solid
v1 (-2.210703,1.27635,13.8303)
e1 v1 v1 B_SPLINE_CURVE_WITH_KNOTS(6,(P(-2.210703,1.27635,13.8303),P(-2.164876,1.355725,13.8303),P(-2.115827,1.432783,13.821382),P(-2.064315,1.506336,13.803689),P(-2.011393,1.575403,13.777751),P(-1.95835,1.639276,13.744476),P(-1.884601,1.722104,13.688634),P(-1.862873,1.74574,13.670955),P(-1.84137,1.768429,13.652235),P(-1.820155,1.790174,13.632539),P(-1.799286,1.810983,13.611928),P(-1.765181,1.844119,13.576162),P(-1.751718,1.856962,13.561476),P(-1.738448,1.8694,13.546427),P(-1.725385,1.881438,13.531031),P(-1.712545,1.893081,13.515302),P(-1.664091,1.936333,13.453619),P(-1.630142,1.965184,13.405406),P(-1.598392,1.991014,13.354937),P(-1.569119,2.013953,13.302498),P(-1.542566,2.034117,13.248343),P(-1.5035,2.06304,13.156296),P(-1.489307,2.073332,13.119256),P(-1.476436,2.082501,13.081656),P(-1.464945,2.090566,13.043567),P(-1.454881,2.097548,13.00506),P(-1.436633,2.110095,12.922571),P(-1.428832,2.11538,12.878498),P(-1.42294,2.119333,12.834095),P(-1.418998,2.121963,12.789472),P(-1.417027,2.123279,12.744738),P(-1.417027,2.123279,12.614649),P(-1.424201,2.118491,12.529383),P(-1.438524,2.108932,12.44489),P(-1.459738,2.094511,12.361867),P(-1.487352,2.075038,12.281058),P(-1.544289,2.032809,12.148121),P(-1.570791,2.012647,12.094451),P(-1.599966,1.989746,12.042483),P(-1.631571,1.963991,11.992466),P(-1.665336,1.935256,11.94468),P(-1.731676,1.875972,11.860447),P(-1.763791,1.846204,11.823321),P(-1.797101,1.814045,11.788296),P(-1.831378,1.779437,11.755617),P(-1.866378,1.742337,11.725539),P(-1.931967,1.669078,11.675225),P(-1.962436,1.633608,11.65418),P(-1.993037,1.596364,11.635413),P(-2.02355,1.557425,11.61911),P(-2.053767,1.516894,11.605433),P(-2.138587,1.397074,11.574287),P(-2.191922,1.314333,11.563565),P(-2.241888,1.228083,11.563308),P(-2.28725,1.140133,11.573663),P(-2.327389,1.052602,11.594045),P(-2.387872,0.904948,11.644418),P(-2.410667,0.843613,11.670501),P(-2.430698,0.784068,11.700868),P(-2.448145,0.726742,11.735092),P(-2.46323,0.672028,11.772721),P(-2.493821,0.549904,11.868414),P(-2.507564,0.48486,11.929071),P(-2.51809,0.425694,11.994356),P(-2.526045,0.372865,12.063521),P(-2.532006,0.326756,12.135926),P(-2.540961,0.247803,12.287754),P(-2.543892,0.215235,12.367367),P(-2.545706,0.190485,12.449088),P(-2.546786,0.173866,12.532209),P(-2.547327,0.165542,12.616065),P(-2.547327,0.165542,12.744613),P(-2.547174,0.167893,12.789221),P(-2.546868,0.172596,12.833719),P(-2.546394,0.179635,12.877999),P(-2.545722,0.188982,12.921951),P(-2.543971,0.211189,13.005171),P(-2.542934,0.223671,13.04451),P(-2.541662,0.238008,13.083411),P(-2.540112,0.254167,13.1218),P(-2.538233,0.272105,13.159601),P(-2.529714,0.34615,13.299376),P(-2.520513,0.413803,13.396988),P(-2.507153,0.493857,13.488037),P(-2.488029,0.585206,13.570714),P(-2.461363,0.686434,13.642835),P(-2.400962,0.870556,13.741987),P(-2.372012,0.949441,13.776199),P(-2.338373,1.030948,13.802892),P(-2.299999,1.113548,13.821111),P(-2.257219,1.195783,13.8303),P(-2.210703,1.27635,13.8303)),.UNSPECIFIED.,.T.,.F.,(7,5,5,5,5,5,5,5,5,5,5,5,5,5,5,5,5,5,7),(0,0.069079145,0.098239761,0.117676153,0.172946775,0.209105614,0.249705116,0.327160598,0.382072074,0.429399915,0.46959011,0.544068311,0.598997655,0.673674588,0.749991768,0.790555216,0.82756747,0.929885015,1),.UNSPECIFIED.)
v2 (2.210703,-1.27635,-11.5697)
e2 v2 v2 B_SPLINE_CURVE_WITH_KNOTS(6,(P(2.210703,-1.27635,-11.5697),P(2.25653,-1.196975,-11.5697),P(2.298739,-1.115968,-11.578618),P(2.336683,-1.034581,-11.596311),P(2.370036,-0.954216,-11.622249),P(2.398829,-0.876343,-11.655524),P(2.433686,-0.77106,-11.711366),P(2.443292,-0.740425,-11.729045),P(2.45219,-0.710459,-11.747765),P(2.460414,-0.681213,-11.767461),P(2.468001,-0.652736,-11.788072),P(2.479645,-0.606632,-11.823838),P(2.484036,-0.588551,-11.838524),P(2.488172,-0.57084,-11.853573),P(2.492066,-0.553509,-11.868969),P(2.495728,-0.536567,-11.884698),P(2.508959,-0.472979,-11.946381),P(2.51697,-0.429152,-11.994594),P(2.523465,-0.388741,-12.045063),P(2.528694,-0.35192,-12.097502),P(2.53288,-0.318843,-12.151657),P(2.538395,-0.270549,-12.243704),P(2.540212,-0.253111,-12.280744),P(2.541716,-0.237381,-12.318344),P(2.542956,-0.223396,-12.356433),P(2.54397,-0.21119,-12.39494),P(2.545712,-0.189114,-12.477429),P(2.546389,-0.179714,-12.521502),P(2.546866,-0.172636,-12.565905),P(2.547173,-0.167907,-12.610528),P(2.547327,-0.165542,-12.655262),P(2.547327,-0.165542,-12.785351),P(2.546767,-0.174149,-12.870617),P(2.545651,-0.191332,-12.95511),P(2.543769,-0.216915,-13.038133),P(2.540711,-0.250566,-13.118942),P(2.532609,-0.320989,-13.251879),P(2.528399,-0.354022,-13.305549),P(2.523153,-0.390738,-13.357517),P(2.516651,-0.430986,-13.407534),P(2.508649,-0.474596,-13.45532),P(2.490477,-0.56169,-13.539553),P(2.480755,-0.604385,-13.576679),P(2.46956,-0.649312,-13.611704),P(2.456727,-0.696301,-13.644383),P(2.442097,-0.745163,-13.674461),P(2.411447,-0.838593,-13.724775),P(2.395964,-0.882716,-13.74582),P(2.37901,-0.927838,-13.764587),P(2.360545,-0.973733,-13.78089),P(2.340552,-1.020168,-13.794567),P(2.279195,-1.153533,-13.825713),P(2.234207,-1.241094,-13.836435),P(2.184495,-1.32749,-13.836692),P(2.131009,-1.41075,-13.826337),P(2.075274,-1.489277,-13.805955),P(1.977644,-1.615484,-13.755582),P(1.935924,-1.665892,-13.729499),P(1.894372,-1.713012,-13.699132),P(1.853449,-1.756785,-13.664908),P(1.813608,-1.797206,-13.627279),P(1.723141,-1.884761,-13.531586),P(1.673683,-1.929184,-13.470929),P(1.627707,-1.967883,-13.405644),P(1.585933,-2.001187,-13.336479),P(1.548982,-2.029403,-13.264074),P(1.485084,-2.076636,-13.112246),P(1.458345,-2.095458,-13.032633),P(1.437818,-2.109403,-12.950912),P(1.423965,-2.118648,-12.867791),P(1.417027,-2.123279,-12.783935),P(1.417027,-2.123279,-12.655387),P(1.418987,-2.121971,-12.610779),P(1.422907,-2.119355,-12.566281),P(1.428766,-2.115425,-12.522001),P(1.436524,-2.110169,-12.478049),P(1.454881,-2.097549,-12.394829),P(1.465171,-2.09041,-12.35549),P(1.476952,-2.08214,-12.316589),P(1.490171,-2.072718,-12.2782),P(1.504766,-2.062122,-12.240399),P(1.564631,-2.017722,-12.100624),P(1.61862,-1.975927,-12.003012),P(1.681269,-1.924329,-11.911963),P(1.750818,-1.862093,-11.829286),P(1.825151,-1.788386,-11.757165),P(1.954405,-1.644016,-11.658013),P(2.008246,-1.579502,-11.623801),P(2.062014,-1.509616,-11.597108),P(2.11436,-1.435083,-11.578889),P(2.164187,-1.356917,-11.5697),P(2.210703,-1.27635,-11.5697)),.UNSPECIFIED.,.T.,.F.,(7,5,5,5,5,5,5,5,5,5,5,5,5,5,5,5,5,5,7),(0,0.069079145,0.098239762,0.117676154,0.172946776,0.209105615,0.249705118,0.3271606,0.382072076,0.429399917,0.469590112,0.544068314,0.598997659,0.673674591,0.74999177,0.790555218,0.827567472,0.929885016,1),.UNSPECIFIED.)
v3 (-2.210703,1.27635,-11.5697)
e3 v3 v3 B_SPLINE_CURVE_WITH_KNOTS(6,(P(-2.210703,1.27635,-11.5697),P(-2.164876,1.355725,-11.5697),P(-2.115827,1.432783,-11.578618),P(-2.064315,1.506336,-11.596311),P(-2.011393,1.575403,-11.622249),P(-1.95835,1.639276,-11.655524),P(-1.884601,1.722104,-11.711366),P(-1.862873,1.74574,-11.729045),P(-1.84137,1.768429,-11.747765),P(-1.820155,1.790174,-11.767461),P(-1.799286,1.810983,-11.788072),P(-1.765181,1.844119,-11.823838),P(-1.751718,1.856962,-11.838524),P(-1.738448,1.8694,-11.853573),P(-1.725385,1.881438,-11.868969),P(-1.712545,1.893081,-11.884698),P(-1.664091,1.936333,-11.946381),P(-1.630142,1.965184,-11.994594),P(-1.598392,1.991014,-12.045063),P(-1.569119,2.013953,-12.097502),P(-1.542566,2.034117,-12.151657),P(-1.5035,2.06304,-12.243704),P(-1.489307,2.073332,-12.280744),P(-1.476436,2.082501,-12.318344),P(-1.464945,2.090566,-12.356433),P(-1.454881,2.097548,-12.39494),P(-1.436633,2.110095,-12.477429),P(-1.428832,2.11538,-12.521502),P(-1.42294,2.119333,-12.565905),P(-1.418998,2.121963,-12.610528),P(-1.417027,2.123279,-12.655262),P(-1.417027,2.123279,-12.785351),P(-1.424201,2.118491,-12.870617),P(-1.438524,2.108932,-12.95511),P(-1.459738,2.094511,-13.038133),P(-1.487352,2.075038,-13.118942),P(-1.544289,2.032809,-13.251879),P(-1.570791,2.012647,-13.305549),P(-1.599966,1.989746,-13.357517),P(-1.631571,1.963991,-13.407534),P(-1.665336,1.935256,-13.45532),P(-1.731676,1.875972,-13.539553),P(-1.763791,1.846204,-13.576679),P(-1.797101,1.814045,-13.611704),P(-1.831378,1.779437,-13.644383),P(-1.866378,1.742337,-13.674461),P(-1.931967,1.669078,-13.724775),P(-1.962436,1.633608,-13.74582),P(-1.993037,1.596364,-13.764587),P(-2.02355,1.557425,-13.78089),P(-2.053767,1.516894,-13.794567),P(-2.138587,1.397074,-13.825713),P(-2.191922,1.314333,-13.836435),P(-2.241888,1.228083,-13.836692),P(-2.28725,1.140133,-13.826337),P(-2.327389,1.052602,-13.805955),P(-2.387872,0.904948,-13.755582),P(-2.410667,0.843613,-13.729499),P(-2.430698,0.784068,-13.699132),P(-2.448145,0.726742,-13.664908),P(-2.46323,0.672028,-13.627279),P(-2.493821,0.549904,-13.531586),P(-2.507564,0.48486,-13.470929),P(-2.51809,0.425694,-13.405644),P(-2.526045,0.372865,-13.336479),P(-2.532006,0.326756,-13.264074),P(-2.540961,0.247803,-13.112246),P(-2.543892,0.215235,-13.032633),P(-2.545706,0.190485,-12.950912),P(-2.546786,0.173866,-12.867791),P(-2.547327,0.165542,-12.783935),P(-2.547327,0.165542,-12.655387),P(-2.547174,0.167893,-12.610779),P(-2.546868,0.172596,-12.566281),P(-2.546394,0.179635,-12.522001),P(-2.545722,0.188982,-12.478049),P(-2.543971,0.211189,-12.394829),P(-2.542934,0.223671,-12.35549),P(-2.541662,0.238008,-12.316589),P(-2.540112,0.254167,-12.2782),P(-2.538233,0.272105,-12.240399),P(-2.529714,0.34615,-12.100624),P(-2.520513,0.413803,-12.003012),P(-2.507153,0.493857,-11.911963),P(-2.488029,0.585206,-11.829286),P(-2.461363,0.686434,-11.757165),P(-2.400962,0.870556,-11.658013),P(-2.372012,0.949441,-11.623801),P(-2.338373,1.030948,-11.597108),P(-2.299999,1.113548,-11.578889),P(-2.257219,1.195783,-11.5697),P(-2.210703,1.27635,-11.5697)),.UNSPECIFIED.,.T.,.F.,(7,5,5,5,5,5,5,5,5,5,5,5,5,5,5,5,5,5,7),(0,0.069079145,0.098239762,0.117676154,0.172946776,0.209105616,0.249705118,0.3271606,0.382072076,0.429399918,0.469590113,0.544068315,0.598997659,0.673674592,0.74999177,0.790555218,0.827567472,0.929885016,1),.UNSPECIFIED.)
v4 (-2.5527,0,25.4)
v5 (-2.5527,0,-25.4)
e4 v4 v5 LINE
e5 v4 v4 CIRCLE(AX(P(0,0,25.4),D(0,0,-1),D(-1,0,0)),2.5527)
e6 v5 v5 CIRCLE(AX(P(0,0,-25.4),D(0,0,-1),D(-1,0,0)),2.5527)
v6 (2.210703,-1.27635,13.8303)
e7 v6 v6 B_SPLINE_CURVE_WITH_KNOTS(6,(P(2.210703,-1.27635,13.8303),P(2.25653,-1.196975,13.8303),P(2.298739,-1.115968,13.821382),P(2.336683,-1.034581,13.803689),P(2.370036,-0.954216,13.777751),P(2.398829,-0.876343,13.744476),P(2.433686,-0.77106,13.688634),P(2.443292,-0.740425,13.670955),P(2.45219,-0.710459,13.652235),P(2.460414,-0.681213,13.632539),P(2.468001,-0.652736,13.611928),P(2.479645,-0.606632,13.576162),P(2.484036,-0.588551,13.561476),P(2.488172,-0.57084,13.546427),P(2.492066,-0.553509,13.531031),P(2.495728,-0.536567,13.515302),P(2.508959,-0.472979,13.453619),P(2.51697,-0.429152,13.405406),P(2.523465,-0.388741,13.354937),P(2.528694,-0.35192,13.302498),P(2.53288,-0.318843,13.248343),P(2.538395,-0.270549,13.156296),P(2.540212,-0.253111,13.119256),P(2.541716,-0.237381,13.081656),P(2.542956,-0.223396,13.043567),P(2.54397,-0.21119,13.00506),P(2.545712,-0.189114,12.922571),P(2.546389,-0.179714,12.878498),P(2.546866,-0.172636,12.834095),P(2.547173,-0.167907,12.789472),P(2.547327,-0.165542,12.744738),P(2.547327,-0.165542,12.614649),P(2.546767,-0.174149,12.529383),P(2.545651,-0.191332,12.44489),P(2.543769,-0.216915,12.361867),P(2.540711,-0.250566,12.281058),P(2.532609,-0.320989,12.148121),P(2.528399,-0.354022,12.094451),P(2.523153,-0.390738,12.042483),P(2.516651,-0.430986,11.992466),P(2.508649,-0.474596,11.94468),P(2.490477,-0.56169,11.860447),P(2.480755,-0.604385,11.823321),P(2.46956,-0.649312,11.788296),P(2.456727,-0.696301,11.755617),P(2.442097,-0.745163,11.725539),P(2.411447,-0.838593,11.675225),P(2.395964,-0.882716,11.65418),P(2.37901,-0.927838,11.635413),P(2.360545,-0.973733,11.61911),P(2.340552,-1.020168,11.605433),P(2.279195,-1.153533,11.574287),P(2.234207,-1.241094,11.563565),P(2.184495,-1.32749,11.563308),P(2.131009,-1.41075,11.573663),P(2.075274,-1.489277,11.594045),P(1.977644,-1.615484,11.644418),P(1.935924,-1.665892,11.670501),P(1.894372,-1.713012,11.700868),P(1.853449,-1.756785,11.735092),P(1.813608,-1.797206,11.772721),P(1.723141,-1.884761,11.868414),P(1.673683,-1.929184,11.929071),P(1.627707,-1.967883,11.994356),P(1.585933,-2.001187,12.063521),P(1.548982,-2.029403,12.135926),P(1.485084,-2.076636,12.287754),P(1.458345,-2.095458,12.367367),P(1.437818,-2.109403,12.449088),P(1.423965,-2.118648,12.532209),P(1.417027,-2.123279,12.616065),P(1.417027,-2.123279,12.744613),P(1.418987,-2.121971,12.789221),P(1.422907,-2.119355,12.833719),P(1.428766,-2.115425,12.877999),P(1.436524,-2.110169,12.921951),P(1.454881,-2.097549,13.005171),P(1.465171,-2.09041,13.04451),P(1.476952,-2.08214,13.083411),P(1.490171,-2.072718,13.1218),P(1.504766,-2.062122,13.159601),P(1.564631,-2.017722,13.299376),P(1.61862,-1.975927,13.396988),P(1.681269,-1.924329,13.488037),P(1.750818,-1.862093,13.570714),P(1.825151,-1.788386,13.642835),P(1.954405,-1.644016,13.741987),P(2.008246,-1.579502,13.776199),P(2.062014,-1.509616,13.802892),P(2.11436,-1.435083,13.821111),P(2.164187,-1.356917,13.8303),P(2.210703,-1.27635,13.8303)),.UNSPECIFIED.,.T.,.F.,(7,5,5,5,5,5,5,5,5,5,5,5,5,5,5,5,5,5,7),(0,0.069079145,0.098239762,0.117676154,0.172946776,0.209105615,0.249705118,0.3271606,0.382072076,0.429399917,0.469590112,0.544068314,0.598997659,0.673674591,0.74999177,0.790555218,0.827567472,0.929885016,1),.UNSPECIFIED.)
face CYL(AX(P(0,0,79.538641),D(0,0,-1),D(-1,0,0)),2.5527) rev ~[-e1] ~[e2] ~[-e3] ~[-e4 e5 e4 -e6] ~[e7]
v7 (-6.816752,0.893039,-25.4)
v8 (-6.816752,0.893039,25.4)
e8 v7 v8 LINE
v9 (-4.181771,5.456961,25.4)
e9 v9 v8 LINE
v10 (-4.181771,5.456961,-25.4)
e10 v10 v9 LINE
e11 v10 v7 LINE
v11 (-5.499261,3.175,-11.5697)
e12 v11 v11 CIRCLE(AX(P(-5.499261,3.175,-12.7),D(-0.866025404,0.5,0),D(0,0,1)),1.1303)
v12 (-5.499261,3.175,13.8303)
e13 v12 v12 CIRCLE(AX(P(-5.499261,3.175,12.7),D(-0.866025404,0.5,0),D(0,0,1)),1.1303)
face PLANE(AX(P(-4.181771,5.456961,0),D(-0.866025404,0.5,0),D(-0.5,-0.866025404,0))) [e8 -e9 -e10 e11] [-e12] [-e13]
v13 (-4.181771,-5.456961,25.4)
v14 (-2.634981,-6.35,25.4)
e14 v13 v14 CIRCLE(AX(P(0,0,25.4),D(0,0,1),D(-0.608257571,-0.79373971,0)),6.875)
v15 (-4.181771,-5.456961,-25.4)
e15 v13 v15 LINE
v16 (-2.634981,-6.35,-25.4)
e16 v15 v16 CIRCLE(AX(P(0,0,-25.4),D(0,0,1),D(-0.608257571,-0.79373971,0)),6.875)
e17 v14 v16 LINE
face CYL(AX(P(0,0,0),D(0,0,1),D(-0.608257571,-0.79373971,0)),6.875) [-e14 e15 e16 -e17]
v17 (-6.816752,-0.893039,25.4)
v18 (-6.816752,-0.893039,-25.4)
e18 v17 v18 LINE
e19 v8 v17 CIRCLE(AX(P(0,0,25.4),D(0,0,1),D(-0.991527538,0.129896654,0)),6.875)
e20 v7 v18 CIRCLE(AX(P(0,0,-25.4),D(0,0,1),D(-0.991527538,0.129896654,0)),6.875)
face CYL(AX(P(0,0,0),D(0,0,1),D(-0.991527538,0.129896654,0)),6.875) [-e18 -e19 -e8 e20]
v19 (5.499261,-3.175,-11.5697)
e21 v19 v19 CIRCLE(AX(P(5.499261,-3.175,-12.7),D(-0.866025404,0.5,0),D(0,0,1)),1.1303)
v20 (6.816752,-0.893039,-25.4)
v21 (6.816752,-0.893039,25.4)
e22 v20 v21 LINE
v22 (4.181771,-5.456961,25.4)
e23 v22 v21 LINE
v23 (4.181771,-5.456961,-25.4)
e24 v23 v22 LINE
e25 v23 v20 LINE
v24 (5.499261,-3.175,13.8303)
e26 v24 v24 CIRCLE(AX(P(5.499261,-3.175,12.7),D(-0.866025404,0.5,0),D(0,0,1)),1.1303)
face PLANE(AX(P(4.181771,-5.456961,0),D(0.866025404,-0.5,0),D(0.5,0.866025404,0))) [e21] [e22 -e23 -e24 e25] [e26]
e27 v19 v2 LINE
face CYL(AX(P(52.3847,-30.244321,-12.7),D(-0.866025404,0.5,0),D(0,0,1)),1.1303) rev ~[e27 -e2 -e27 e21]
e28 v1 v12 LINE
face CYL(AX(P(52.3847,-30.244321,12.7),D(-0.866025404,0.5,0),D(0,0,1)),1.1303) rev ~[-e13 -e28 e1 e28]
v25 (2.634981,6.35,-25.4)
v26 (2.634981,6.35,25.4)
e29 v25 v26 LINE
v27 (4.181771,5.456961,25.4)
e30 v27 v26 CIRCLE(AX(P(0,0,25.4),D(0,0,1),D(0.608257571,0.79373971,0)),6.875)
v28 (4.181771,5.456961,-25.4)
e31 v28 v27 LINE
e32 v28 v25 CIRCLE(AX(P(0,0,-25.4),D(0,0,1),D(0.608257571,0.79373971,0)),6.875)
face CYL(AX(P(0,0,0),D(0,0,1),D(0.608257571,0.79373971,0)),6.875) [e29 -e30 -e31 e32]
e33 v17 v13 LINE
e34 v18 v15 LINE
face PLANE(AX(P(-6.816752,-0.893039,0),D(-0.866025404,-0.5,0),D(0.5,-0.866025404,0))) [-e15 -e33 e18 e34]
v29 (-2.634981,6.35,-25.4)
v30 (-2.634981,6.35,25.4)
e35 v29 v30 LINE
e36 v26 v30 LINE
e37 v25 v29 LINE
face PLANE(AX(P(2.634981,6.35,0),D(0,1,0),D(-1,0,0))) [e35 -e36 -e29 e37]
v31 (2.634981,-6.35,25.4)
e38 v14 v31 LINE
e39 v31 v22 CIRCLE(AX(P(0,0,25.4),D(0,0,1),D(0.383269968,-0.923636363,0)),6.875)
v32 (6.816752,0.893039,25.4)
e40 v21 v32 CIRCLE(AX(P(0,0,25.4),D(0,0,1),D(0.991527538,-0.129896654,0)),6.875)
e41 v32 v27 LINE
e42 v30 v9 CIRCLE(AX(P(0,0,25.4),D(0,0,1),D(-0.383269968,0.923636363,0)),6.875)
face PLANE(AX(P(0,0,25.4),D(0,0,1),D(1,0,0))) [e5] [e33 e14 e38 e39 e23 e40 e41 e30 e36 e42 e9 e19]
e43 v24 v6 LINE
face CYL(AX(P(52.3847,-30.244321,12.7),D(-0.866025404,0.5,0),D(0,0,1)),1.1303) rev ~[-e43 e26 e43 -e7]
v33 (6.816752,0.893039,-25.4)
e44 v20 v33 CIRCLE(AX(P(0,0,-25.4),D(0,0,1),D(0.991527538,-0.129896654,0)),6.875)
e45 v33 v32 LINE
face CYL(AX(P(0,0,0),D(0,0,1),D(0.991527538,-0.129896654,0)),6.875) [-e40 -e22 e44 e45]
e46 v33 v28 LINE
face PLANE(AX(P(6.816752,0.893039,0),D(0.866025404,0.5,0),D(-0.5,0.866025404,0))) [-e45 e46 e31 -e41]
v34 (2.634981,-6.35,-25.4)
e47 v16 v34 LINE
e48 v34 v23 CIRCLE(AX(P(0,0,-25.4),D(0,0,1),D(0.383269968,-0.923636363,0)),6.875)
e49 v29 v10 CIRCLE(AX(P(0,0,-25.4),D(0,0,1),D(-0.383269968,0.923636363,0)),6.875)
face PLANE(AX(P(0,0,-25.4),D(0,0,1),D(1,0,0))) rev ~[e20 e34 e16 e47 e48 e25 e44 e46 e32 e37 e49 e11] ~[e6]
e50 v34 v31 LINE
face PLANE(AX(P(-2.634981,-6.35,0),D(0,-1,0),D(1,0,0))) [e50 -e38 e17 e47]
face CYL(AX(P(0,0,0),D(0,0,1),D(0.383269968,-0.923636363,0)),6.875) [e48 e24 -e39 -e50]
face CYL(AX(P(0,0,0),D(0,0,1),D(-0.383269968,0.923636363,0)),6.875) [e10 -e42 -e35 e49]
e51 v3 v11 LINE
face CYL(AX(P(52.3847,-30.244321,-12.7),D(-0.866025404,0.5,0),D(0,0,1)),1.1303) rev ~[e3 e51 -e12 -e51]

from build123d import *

# Parameters (mm, degrees)
BOSS_EXTRUDE1_DEPTH     = 25.4
F_1_4_20_TAPPED_HOLE1_D = 5.1054
F_4_40_TAPPED_HOLE1_D   = 2.2606
F_4_40_TAPPED_HOLE2_D   = 2.2606


with BuildPart() as part:
    # Sketch1 → Boss-Extrude1 (new body, symmetric)
    with BuildSketch(Plane.XY):
        with BuildLine():
            Line((-2.634981025, -6.35), (2.634981025, -6.35))
            ThreePointArc((2.634981025, -6.35), (3.4375, -5.953924651), (4.181770802, -5.456960506))
            Line((4.181770802, -5.456960506), (6.816751826, -0.893039494))
            ThreePointArc((6.816751826, -0.893039494), (6.875, 0), (6.816751826, 0.893039494))
            Line((6.816751826, 0.893039494), (4.181770802, 5.456960506))
            ThreePointArc((4.181770802, 5.456960506), (3.4375, 5.953924651), (2.634981025, 6.35))
            Line((2.634981025, 6.35), (-2.634981025, 6.35))
            ThreePointArc((-2.634981025, 6.35), (-3.4375, 5.953924651), (-4.181770802, 5.456960506))
            Line((-4.181770802, 5.456960506), (-6.816751826, 0.893039494))
            ThreePointArc((-6.816751826, 0.893039494), (-6.875, 0), (-6.816751826, -0.893039494))
            Line((-6.816751826, -0.893039494), (-4.181770802, -5.456960506))
            ThreePointArc((-4.181770802, -5.456960506), (-3.4375, -5.953924651), (-2.634981025, -6.35))
        make_face()
    extrude(amount=BOSS_EXTRUDE1_DEPTH, both=True)

    # 1/4-20 Tapped Hole1 (through all)
    with Locations(Plane.XY.offset(25.4)):
        with Locations((0, 0)):
            Hole(F_1_4_20_TAPPED_HOLE1_D / 2)

    # #4-40 Tapped Hole1 (through all)
    with Locations(Plane(origin=(0.736761314, -11.423891971, -31.75), x_dir=(0, 0, -1), z_dir=(0.866025404, -0.5, 0))):
        with Locations((-44.45, 120.65), (-19.05, 120.65), (-19.05, 9.525), (-44.45, 9.525)):
            Hole(F_4_40_TAPPED_HOLE1_D / 2)

    # #4-40 Tapped Hole2 (through all)
    with Locations(Plane(origin=(-54.825738686, -107.660964967, -31.75), x_dir=(0, 0, -1), z_dir=(0.866025404, -0.5, 0))):
        with Locations((-44.45, 120.65), (-19.05, 120.65), (-19.05, 9.525), (-44.45, 9.525)):
            Hole(F_4_40_TAPPED_HOLE2_D / 2)


solid = part.part
